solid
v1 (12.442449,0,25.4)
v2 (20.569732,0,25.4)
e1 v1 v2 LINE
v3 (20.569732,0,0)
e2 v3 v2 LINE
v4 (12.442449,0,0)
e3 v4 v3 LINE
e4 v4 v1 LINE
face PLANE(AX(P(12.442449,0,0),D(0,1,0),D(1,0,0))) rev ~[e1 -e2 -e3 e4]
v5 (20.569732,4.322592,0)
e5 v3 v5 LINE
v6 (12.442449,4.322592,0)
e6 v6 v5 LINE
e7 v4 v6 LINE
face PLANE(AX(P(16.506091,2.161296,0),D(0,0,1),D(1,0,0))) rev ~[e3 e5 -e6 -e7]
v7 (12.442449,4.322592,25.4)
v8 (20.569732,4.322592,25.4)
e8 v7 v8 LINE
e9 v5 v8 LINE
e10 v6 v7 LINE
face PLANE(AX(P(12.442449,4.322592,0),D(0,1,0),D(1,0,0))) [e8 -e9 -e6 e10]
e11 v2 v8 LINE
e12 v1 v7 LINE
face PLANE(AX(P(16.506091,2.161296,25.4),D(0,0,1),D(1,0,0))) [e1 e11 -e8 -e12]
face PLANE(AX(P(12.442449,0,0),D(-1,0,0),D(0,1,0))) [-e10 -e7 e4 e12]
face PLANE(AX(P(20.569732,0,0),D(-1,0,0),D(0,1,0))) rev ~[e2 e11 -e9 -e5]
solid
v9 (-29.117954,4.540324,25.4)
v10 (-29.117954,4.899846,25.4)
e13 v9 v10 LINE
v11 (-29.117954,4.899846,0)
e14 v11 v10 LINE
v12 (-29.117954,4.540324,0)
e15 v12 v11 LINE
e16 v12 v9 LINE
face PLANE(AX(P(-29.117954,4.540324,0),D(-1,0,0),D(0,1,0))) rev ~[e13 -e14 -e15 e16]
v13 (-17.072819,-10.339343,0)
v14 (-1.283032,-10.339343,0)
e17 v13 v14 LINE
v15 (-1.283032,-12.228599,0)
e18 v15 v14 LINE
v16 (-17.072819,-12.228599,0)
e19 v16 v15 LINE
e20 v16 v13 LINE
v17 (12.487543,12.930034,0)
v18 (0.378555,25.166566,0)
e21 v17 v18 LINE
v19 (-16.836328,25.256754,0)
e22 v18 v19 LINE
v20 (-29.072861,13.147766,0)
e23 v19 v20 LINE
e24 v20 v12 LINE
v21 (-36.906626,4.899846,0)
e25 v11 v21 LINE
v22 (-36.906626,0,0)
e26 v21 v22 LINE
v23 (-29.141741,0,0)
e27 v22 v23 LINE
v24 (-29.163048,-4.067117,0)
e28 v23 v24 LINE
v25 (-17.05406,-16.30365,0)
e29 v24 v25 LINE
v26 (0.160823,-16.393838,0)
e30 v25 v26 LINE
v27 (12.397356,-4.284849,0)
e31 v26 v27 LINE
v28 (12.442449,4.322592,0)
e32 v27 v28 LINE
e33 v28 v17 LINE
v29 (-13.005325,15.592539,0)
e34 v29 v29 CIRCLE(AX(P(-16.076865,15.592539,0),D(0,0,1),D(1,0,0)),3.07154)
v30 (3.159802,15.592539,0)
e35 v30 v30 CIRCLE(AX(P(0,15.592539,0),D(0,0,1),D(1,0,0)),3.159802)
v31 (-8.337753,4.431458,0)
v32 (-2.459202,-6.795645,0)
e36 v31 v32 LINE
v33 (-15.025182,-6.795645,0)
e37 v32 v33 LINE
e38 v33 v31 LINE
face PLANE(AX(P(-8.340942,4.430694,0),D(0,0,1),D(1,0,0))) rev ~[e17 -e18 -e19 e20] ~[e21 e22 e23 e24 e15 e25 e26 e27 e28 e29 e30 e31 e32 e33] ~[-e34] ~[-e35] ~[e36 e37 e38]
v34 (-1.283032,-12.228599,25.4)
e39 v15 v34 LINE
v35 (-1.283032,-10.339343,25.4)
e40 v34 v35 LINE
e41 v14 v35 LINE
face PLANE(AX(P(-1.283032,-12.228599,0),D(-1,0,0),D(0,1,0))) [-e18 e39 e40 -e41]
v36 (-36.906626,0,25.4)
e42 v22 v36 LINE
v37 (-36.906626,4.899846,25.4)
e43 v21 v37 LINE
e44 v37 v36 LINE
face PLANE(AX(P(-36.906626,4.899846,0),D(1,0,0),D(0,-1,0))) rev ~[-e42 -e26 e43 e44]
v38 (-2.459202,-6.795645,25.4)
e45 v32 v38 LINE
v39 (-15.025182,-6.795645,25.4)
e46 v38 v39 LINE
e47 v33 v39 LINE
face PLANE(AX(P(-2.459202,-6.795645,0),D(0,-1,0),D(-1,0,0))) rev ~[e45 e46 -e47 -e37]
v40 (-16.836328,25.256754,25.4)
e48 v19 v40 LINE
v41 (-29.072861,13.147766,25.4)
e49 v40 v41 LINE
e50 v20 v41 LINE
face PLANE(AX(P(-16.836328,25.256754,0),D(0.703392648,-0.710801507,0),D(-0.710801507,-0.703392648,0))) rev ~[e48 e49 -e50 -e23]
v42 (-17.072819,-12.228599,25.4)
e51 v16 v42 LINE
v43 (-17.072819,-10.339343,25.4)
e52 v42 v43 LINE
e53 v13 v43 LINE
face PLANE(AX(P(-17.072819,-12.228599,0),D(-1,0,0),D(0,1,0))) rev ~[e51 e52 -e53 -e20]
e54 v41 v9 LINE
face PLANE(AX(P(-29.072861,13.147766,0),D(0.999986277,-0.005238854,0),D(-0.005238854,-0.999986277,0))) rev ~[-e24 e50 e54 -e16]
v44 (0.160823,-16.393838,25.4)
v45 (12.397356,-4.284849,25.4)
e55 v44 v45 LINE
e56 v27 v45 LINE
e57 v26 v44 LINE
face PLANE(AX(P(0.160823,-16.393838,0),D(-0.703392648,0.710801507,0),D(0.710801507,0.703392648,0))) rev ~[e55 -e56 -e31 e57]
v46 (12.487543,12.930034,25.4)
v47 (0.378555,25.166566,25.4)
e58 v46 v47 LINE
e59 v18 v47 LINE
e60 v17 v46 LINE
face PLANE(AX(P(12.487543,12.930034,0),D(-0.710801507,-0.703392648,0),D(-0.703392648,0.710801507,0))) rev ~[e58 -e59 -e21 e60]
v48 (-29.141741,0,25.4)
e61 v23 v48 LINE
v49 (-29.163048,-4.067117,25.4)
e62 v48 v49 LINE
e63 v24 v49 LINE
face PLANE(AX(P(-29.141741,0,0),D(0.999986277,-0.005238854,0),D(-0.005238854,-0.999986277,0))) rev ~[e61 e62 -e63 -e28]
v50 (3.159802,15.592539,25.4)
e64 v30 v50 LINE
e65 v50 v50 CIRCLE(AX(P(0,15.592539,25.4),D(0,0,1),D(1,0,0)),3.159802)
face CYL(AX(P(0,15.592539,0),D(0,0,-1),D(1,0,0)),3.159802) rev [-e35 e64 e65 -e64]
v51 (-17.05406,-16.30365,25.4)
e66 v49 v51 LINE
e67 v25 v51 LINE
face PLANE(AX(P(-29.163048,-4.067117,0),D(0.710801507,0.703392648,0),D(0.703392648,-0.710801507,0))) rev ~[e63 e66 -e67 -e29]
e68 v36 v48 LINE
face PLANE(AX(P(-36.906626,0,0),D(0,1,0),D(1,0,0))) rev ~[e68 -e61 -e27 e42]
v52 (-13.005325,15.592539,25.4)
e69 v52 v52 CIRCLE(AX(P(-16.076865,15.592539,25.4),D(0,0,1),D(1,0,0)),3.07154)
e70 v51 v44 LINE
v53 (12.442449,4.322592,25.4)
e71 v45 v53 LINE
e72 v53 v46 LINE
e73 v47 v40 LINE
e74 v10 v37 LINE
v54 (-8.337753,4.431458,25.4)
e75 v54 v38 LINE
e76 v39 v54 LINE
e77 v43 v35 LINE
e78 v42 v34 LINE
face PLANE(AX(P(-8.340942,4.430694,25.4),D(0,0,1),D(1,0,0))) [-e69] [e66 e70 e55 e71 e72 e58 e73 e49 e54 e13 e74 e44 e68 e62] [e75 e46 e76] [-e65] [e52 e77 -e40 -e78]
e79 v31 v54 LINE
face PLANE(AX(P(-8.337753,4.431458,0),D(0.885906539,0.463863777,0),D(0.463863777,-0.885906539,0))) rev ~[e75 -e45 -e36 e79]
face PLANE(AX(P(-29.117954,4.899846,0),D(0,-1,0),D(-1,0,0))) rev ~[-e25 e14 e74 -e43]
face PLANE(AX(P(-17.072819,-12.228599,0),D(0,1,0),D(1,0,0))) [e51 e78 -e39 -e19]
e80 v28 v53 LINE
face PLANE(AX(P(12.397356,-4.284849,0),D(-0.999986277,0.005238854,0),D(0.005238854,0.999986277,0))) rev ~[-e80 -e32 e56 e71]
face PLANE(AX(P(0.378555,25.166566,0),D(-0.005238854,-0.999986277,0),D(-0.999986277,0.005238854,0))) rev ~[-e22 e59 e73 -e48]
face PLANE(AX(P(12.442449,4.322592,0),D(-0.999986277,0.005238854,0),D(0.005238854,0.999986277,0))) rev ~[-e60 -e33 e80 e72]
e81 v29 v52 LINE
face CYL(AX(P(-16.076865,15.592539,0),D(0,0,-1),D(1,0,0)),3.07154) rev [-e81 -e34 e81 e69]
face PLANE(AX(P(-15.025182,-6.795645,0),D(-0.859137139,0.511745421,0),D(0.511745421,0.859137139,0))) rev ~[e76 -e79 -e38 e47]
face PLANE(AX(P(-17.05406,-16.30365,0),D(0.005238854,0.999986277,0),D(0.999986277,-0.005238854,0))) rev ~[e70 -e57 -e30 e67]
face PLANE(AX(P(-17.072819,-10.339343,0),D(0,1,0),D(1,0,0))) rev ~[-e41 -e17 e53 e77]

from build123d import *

# Parameters (mm, degrees)
F0_W     = 8.1272829846
F0_H     = 4.322592248
F1_DEPTH = 25.4
F0_W_2   = 15.7897871686
F0_H_2   = 1.8892554425
F0_R     = 3.0715401704
F0_R_2   = 3.1598016153


with BuildPart() as f1:
    # F0 (on Top) → F1 (new body)
    with BuildSketch(Plane.XY):
        with Locations((16.5060909204, 2.161296124)):
            Rectangle(F0_W, F0_H)
    extrude(amount=F1_DEPTH)


with BuildPart() as f1b:
    # F0 (on Top) → F1, piece 2 (new body)
    with BuildSketch(Plane.XY):
        Polygon((12.4424494281, 4.322592248), (12.4875431777, 12.9300337285), (0.3785548911, 25.1665663998), (-16.8363280697, 25.2567538992), (-29.0728607411, 13.1477656126), (-29.1179544907, 4.5403241321), (-29.1179544907, 0), (-29.1417409133, 0), (-29.1630482404, -4.0671173483), (-17.0540599538, -16.3036500196), (0.1608230071, -16.393837519), (12.3973556784, -4.2848492324), align=None)
        with Locations((-9.177925589, -11.2839710969)):
            Rectangle(F0_W_2, F0_H_2, mode=Mode.SUBTRACT)
        Polygon((-2.4592017289, -6.7956452258), (-15.0251816958, -6.7956452258), (-8.3377525313, 4.4314581901), align=None, mode=Mode.SUBTRACT)
        with Locations((-16.0768646747, 15.5925387517)):
            Circle(F0_R, mode=Mode.SUBTRACT)
        with Locations((0, 15.5925387517)):
            Circle(F0_R_2, mode=Mode.SUBTRACT)
        Polygon((-29.1179544907, 0), (-29.1179544907, 4.5403241321), (-29.1417409133, 0), align=None)
        Polygon((-29.1417409133, 0), (-29.1179544907, 4.5403241321), (-29.1179544907, 4.8998456855), (-36.9066260755, 4.8998456855), (-36.9066260755, 0), (-30.8301262558, 0), (-30.3895303704, 0), align=None)
    extrude(amount=F1_DEPTH)


solid = Compound([f1.part, f1b.part])
